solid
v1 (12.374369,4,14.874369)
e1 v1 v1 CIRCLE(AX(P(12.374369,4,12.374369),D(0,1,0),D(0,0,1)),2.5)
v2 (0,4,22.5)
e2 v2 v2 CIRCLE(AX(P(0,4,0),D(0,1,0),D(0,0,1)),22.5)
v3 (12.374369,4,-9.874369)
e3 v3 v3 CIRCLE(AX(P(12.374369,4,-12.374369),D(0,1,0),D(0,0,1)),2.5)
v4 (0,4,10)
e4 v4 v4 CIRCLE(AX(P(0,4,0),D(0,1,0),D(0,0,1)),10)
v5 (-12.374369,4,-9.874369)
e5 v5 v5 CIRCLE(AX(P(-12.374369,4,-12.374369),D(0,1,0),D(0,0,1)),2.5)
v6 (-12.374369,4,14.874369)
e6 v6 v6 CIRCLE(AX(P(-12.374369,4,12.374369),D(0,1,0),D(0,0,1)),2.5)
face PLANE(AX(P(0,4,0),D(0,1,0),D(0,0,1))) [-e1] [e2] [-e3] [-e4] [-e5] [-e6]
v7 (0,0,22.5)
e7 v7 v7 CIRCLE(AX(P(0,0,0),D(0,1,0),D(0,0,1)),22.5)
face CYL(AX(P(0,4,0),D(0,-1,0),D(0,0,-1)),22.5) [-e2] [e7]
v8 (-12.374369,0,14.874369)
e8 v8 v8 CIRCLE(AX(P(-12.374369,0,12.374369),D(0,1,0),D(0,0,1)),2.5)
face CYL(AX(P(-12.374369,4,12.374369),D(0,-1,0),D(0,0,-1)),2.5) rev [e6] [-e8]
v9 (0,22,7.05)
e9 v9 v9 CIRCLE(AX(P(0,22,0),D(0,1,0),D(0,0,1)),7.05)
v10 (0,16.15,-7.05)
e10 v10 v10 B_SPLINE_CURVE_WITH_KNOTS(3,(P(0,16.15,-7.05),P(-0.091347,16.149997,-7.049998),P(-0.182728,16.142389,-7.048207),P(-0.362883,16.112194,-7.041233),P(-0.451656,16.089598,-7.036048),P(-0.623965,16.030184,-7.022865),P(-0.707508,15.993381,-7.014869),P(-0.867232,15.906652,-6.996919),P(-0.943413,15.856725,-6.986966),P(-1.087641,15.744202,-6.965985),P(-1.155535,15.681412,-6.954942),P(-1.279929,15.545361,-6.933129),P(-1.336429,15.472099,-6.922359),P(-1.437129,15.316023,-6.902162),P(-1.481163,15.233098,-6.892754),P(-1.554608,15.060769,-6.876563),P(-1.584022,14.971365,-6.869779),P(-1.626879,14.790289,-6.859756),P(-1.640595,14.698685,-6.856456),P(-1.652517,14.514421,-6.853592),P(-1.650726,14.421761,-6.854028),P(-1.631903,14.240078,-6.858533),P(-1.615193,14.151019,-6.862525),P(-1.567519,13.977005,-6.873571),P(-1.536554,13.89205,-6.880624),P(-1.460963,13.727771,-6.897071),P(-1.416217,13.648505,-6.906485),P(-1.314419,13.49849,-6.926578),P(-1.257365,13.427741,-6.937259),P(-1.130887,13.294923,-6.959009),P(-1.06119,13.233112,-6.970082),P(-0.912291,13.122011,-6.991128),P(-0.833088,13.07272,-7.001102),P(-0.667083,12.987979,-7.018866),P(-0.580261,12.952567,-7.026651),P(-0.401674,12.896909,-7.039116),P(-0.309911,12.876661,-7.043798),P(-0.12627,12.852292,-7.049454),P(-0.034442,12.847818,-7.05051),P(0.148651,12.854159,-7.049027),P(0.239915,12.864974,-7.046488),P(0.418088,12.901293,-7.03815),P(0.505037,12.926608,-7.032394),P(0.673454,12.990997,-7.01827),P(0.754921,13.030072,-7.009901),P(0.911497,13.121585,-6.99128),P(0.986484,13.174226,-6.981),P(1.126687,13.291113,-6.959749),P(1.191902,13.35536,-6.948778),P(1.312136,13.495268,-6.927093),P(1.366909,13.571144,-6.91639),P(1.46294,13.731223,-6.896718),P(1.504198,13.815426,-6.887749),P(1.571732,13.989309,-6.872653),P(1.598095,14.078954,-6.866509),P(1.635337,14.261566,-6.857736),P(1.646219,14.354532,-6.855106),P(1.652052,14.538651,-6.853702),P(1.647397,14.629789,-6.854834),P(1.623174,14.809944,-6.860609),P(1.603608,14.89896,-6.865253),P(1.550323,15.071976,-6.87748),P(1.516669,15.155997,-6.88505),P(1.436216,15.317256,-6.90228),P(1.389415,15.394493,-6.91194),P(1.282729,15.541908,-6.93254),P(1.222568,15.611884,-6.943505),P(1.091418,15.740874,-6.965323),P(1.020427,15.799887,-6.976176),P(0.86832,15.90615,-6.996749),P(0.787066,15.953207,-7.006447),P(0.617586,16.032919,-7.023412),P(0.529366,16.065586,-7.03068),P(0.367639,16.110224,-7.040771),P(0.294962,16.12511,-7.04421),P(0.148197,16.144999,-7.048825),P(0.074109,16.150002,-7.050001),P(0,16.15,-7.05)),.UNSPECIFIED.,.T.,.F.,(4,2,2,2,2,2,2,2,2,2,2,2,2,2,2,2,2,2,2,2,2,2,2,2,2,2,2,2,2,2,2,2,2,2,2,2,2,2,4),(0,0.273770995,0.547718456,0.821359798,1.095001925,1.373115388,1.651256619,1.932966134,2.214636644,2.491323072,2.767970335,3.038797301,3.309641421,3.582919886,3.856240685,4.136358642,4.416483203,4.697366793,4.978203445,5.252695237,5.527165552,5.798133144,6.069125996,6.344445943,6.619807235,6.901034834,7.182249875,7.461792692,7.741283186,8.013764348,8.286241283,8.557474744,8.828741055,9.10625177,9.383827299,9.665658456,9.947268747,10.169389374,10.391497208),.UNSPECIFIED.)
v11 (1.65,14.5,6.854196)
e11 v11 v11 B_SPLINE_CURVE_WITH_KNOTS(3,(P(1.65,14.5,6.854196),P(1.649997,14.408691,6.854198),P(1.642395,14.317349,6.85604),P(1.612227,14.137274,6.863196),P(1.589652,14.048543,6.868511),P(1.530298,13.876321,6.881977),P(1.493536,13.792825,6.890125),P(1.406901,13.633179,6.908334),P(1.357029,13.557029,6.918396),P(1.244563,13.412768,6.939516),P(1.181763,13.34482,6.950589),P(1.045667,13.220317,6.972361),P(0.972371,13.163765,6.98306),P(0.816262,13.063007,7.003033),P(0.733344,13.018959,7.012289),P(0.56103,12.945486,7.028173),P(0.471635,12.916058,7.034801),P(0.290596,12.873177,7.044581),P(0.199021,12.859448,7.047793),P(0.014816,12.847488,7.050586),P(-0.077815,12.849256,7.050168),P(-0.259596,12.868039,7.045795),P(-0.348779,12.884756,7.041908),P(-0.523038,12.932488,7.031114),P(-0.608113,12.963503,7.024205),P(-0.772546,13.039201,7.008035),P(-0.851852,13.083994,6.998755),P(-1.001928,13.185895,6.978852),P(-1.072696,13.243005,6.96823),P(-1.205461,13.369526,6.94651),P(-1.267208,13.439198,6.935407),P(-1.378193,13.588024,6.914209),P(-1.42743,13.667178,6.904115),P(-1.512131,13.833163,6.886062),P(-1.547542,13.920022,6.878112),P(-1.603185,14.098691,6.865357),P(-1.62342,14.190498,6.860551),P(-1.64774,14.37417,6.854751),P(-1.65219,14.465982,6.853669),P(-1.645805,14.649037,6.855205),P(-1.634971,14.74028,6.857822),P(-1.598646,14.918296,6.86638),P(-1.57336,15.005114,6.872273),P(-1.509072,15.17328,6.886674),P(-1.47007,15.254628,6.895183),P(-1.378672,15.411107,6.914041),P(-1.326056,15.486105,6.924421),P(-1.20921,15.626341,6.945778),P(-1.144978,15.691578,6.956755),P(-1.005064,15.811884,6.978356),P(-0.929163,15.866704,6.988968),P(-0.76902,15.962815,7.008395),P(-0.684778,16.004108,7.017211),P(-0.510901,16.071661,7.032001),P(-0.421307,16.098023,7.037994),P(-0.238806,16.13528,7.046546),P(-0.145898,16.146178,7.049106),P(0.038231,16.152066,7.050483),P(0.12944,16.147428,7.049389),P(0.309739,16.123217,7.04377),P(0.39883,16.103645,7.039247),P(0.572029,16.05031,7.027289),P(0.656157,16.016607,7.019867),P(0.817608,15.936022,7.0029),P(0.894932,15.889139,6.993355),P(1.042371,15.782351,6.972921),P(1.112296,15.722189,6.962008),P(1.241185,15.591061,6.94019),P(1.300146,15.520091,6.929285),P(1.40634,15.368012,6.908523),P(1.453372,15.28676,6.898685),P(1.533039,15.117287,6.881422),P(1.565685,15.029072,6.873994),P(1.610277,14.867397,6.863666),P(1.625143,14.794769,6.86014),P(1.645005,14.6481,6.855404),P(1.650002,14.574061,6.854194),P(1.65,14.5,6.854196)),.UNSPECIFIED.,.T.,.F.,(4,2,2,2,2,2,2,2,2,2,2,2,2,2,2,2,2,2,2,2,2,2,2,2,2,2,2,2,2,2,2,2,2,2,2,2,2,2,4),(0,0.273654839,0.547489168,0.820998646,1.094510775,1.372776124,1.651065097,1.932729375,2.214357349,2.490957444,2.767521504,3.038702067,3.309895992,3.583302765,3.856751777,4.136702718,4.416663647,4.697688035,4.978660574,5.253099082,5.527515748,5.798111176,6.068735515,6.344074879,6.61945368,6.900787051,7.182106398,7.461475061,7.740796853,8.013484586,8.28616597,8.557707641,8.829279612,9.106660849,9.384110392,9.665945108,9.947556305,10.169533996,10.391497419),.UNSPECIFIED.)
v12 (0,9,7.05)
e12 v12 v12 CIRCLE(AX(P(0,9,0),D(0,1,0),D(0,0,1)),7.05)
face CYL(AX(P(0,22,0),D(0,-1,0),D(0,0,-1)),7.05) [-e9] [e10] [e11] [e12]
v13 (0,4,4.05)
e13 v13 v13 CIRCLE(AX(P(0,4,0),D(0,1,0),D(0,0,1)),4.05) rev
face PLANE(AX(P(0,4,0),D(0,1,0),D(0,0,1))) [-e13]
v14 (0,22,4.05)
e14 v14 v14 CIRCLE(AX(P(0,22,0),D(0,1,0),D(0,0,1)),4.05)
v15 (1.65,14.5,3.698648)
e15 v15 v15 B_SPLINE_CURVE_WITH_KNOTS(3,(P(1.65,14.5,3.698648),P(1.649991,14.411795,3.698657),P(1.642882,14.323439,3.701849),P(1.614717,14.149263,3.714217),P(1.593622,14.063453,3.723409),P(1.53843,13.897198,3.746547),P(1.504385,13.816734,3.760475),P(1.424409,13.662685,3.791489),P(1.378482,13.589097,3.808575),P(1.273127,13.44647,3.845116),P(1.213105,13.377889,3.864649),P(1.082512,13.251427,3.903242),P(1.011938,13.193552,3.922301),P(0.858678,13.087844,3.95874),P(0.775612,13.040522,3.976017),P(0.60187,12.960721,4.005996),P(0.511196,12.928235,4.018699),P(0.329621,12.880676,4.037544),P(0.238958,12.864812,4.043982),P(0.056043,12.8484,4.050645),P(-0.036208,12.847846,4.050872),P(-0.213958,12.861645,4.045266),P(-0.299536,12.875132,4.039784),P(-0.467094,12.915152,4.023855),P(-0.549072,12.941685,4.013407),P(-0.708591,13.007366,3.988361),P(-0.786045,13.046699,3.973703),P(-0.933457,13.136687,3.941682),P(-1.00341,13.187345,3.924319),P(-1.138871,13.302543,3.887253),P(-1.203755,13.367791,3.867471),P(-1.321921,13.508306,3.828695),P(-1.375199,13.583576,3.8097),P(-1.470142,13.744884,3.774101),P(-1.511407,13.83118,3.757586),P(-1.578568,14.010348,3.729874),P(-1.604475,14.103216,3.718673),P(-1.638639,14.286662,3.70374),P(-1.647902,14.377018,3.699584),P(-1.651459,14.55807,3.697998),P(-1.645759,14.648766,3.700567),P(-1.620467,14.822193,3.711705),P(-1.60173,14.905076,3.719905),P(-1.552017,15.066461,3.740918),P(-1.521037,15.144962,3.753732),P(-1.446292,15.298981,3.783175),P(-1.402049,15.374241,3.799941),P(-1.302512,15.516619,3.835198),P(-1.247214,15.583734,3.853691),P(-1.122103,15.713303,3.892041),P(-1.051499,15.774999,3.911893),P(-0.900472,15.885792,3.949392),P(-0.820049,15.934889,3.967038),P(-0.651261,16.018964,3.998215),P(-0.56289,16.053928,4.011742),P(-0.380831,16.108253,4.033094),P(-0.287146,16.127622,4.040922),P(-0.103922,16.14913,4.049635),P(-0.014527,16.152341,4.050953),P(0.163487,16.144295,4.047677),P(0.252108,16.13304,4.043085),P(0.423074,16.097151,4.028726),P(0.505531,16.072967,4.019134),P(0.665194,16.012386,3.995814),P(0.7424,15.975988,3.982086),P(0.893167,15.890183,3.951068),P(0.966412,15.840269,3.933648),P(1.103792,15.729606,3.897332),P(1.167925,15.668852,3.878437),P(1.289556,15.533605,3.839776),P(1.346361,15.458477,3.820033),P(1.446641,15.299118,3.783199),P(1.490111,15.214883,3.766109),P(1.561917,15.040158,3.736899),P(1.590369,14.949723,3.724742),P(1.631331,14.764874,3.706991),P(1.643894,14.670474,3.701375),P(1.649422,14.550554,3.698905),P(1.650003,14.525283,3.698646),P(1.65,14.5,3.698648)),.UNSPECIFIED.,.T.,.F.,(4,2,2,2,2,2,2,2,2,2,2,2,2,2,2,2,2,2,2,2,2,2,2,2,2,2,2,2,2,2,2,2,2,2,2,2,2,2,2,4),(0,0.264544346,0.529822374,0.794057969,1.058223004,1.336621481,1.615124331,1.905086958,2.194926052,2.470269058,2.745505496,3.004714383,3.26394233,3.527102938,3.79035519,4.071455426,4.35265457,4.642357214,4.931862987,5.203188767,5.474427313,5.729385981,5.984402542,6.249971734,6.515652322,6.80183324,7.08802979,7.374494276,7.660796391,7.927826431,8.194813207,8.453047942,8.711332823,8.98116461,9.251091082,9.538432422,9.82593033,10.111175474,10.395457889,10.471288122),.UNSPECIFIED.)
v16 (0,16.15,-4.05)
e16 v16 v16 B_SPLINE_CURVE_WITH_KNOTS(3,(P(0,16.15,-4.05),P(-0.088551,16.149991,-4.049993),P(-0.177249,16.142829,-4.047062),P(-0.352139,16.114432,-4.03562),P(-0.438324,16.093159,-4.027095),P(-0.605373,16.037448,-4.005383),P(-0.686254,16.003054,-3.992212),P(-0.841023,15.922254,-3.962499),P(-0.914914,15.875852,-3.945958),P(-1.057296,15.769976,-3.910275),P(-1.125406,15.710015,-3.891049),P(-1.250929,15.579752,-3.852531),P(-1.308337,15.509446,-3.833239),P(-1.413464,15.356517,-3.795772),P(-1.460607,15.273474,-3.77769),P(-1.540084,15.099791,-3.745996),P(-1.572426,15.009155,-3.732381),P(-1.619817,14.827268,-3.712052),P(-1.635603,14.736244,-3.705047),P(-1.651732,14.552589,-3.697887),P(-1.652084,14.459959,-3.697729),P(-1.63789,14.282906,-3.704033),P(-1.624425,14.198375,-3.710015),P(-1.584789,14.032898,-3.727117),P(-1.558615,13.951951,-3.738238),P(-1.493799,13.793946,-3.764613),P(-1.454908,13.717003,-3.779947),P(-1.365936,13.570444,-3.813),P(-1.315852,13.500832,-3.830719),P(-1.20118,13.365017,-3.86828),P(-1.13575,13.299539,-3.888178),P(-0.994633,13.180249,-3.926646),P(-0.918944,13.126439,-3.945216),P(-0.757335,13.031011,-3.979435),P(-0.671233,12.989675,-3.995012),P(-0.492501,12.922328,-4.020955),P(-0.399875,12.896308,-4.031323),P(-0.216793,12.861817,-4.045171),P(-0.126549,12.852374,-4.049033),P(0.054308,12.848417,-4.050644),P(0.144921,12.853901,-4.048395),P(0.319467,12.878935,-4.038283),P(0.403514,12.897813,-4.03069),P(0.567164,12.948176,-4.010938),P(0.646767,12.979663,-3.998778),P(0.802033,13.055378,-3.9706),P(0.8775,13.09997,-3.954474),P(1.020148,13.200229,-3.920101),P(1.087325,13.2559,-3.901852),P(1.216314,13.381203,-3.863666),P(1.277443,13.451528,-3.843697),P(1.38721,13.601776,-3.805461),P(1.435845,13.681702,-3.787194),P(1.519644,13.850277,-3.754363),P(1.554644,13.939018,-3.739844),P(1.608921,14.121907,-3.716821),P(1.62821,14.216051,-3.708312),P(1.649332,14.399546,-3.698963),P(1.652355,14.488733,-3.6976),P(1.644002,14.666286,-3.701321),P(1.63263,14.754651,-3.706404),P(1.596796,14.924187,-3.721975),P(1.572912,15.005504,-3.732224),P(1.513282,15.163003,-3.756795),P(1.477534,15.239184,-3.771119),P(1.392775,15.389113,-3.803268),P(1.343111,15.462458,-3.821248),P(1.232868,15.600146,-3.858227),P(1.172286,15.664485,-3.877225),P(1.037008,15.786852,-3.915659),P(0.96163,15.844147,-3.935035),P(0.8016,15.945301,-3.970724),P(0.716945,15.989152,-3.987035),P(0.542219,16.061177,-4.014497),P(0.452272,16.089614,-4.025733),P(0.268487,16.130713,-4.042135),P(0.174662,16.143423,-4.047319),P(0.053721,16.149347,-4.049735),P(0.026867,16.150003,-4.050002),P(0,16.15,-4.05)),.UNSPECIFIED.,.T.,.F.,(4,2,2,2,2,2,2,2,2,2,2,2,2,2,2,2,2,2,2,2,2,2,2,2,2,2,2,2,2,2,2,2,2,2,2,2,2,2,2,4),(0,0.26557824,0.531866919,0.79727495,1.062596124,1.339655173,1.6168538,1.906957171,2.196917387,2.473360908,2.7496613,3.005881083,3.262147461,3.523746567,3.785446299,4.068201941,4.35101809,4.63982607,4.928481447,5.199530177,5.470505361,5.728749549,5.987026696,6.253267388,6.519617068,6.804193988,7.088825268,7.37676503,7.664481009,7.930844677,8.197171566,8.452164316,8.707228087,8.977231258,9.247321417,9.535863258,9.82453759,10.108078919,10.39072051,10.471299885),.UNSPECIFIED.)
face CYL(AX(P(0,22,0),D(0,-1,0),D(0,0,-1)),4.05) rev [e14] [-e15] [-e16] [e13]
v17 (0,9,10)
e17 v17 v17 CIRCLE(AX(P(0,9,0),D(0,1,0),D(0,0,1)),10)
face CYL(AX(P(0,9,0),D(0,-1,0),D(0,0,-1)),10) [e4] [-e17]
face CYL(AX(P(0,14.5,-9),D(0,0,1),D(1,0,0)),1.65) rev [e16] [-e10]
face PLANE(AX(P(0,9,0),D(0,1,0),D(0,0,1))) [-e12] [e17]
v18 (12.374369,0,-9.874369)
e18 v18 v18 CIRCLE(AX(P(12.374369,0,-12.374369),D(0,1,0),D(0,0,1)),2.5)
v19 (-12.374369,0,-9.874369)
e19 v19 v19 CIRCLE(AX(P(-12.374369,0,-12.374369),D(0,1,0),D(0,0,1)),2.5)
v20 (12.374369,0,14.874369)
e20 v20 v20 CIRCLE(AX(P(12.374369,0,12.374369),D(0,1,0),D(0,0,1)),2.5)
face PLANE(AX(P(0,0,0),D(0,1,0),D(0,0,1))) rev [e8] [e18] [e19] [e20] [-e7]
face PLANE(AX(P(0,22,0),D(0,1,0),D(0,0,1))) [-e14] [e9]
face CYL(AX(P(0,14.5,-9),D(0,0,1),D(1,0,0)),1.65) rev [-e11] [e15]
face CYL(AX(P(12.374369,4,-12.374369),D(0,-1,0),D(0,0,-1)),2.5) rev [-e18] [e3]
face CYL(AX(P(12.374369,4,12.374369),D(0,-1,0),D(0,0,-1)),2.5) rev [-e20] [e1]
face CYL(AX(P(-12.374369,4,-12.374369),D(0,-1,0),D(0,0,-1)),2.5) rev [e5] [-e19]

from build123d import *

# Parameters (mm, degrees)
SKETCH1_R           = 22.5
SKETCH1_R_2         = 2.5
BOSS_EXTRUDE1_DEPTH = 4
SKETCH2_R           = 7.05
SKETCH2_R_2         = 4.05
BOSS_EXTRUDE2_DEPTH = 18
SKETCH3_R           = 1.65
CUT_EXTRUDE1_DEPTH  = 9
SKETCH4_R           = 10
SKETCH4_R_2         = 7
BOSS_EXTRUDE3_DEPTH = 5


with BuildPart() as part:
    # Sketch1 → Boss-Extrude1 (new body)
    with BuildSketch(Plane(origin=(0, 0, 0), x_dir=(1, 0, 0), z_dir=(0, 1, 0))):
        with Locations(Location((0, 0, 0), (0, 0, 270))):
            Circle(SKETCH1_R)
        with Locations(Location((-12.374368671, 12.374368671, 0), (0, 0, 270))):
            Circle(SKETCH1_R_2, mode=Mode.SUBTRACT)
        with Locations(Location((12.374368671, 12.374368671, 0), (0, 0, 270))):
            Circle(SKETCH1_R_2, mode=Mode.SUBTRACT)
        with Locations(Location((12.374368671, -12.374368671, 0), (0, 0, 270))):
            Circle(SKETCH1_R_2, mode=Mode.SUBTRACT)
        with Locations(Location((-12.374368671, -12.374368671, 0), (0, 0, 270))):
            Circle(SKETCH1_R_2, mode=Mode.SUBTRACT)
    extrude(amount=BOSS_EXTRUDE1_DEPTH)

    # Sketch2 → Boss-Extrude2 (add)
    with BuildSketch(Plane(origin=(0, 4, 0), x_dir=(1, 0, 0), z_dir=(0, 1, 0))):
        with Locations(Location((0, 0, 0), (0, 0, 270))):
            Circle(SKETCH2_R)
        with Locations(Location((0, 0, 0), (0, 0, 270))):
            Circle(SKETCH2_R_2, mode=Mode.SUBTRACT)
    extrude(amount=BOSS_EXTRUDE2_DEPTH)

    # Sketch3 → Cut-Extrude1 (cut, symmetric)
    with BuildSketch(Plane.XY):
        with Locations((0, 14.5)):
            Circle(SKETCH3_R)
    extrude(amount=CUT_EXTRUDE1_DEPTH, both=True, mode=Mode.SUBTRACT)

    # Sketch4 → Boss-Extrude3 (add)
    with BuildSketch(Plane(origin=(0, 4, 0), x_dir=(1, 0, 0), z_dir=(0, 1, 0))):
        with Locations(Location((0, 0, 0), (0, 0, 270))):
            Circle(SKETCH4_R)
        Circle(SKETCH4_R_2, mode=Mode.SUBTRACT)
    extrude(amount=BOSS_EXTRUDE3_DEPTH)


solid = part.part
